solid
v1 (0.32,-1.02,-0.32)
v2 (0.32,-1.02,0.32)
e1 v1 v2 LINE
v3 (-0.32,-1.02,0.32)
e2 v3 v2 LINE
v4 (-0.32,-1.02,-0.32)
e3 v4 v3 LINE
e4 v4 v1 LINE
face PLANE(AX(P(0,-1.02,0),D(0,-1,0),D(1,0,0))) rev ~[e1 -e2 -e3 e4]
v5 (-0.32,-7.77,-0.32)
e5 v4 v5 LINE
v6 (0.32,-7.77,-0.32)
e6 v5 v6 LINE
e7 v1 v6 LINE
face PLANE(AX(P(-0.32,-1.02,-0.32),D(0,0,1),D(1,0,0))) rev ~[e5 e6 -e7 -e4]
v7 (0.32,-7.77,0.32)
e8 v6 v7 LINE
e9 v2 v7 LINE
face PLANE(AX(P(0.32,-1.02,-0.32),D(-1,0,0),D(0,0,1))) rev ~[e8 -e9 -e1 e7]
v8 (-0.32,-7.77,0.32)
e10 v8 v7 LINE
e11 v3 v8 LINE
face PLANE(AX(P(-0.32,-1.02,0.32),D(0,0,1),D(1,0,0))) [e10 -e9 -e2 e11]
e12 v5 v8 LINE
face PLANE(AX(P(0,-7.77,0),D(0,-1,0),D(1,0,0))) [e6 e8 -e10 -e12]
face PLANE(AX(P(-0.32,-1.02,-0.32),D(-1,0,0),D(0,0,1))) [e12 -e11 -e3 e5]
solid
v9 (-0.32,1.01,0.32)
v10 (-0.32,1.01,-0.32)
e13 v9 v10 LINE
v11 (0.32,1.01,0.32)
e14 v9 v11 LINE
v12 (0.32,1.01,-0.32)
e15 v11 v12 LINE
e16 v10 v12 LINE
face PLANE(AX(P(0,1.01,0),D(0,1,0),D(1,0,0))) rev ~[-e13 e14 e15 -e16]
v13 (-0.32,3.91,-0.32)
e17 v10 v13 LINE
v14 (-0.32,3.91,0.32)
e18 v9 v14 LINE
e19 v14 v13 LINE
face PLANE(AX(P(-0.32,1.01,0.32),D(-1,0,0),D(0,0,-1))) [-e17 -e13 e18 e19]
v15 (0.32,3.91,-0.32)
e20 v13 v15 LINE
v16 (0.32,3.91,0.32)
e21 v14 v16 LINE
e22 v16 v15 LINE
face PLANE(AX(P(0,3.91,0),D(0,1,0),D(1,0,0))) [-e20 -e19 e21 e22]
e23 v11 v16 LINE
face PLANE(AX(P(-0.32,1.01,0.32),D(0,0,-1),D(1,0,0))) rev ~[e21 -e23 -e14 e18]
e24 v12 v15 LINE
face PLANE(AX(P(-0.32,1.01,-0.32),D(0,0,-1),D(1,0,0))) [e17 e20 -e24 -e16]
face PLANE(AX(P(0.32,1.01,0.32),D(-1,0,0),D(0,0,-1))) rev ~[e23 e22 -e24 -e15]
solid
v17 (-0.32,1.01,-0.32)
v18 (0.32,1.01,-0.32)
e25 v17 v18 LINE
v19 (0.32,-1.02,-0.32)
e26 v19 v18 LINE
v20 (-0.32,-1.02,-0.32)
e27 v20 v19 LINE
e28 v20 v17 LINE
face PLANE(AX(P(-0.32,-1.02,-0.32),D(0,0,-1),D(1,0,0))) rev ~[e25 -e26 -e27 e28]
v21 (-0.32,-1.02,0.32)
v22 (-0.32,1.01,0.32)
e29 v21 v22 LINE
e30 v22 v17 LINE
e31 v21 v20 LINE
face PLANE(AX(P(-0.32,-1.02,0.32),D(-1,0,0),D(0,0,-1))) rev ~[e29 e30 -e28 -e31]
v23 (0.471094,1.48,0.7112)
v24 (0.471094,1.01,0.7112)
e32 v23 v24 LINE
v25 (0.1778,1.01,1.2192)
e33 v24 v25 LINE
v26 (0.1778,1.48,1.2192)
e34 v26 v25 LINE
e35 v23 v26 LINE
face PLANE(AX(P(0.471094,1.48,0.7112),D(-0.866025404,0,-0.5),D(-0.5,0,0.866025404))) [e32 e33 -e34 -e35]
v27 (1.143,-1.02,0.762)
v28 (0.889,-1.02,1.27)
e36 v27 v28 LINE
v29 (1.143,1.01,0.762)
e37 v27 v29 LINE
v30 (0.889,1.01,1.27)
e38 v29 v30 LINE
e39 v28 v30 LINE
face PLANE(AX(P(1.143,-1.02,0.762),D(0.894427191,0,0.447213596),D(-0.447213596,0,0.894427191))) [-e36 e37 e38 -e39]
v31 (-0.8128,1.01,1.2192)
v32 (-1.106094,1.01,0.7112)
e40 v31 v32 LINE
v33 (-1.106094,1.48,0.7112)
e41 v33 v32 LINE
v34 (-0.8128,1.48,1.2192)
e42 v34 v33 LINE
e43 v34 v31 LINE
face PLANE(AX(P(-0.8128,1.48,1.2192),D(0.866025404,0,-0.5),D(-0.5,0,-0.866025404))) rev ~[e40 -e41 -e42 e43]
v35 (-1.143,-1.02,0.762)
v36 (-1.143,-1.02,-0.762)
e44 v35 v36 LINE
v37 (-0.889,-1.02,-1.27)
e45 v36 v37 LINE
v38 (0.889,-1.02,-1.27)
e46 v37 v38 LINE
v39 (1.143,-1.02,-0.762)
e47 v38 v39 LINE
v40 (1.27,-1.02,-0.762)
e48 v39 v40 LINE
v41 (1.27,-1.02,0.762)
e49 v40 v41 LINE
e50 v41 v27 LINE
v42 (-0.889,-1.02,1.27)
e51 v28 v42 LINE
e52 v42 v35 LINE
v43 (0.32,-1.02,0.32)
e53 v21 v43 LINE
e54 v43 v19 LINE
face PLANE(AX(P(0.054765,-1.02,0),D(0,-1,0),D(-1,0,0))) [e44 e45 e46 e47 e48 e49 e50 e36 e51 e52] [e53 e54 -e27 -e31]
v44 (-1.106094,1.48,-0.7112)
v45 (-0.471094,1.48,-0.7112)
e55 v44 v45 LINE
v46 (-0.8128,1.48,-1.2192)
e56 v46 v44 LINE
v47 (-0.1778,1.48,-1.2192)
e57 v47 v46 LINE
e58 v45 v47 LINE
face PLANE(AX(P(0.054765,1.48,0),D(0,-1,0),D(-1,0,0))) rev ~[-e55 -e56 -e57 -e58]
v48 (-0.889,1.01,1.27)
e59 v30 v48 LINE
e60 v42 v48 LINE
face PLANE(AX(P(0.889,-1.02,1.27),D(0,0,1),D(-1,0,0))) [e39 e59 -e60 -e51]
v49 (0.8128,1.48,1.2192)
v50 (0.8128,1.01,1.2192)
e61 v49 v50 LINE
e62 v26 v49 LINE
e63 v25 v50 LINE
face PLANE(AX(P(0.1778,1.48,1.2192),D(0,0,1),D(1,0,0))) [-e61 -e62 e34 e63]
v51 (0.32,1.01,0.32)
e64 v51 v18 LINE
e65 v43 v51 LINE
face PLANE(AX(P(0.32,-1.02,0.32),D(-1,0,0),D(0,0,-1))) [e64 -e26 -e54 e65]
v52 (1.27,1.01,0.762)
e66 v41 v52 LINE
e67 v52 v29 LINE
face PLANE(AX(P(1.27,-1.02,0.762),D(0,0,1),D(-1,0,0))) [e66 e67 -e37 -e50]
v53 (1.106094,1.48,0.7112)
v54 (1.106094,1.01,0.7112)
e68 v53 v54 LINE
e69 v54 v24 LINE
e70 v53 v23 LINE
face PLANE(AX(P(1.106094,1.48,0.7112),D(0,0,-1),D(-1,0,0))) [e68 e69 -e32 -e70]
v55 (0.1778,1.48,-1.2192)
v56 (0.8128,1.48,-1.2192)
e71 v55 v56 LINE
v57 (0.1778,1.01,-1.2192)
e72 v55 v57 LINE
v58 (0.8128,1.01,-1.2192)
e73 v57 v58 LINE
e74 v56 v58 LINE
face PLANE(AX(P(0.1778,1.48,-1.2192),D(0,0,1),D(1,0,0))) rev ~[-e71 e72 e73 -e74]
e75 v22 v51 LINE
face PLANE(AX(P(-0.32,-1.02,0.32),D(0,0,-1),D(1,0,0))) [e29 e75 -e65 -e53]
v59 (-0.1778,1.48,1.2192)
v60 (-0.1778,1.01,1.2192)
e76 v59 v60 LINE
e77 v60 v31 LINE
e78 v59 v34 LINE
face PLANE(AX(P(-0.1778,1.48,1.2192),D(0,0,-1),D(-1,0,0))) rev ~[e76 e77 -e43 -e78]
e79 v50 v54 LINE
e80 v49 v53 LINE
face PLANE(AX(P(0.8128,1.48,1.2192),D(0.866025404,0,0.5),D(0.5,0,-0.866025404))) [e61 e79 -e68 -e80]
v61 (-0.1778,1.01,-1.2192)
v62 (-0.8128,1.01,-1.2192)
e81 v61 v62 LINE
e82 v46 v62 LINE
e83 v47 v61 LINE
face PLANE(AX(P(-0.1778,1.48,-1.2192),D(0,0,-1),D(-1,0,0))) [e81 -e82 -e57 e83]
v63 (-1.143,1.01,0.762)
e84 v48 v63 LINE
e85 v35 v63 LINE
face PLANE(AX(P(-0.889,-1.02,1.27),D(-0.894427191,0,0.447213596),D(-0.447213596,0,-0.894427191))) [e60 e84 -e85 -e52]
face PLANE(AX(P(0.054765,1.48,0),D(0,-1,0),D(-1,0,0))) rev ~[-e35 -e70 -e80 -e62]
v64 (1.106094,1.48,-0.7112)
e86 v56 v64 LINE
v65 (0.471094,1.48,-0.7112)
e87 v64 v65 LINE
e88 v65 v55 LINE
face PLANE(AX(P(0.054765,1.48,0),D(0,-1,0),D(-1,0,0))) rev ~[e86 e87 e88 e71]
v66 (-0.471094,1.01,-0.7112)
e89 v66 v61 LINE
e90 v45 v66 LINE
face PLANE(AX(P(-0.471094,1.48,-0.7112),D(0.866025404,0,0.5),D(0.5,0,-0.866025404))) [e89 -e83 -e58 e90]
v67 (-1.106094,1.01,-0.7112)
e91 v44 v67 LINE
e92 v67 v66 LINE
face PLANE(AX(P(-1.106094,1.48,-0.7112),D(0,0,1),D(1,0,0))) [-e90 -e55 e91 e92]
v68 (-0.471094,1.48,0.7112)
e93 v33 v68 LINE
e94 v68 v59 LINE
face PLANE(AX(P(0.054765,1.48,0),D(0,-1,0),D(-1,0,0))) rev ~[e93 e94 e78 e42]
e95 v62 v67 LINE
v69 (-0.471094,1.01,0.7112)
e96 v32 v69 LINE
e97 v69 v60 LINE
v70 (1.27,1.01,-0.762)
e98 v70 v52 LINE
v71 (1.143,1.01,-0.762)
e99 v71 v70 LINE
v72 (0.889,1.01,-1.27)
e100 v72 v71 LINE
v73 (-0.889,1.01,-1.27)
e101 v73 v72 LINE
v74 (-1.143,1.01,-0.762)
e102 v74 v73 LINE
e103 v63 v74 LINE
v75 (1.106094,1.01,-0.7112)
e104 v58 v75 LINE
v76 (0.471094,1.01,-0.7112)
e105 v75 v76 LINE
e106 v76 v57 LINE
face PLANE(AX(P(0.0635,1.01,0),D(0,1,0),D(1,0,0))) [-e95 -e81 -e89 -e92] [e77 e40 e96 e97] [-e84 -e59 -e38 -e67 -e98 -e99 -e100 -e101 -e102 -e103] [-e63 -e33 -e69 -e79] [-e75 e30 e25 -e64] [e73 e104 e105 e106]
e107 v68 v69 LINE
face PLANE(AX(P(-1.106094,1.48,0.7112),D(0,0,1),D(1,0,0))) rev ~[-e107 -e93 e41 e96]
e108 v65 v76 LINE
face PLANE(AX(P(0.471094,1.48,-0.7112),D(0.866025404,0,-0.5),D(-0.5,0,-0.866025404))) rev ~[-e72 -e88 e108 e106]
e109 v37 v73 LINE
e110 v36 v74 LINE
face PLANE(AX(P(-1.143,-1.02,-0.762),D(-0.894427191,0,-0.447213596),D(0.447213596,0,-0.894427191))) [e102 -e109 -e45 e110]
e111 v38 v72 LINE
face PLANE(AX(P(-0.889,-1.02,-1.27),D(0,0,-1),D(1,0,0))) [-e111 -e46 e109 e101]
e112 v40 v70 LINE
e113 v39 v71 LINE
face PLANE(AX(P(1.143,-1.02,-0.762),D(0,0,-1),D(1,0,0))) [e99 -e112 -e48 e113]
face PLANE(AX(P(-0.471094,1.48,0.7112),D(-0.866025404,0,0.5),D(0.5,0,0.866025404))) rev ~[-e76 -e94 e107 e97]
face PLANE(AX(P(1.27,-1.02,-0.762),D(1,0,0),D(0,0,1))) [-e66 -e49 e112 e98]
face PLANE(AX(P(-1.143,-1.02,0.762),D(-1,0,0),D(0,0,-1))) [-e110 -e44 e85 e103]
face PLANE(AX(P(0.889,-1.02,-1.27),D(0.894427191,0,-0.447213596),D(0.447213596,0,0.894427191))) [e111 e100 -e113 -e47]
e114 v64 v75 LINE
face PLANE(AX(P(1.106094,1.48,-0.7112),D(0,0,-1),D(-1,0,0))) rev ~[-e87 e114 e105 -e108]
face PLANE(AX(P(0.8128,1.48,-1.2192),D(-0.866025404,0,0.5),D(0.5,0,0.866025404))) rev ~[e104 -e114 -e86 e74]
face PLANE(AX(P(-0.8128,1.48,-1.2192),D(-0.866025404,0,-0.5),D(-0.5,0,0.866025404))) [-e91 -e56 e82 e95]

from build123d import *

# Parameters (mm, degrees)
BOSS_EXTRUDE1_DEPTH      = 1.48
BOSS_EXTRUDE1_DEPTH_BACK = 1.02
SKETCH1_W                = 0.64
SKETCH1_H                = 0.64
SKETCH2_OUTSIDE_W        = 5.273
SKETCH2_OUTSIDE_H        = 5.4
CUT_EXTRUDE2_DEPTH       = 0.47
SKETCH3_W                = 0.64
SKETCH3_H                = 0.64
BOSS_EXTRUDE2_DEPTH      = 2.9
SKETCH4_W                = 0.64
SKETCH4_H                = 0.64
BOSS_EXTRUDE3_DEPTH      = 6.75


with BuildPart() as part:
    # Sketch1 → Boss-Extrude1 (new, two sides: drawn at the far end of the back side and taken through both)
    with BuildSketch(Plane(origin=(0, 0, 0), x_dir=(1, 0, 0), z_dir=(0, 1, 0)).offset(-BOSS_EXTRUDE1_DEPTH_BACK)):
        Polygon((-1.143, 0.762), (-0.889, 1.27), (0.889, 1.27), (1.143, 0.762), (1.27, 0.762), (1.27, -0.762), (1.143, -0.762), (0.889, -1.27), (-0.889, -1.27), (-1.143, -0.762), align=None)
        Rectangle(SKETCH1_W, SKETCH1_H, mode=Mode.SUBTRACT)
    extrude(amount=BOSS_EXTRUDE1_DEPTH + BOSS_EXTRUDE1_DEPTH_BACK)

    # Sketch2 outside → Cut-Extrude2 (cut)
    with BuildSketch(Plane(origin=(0, 1.48, 0), x_dir=(1, 0, 0), z_dir=(0, 1, 0))):
        with Locations((0.0635, 0)):
            Rectangle(SKETCH2_OUTSIDE_W, SKETCH2_OUTSIDE_H)
        Polygon((-1.106093937, -0.7112), (-0.471093937, -0.7112), (-0.1778, -1.2192), (-0.8128, -1.2192), align=None, mode=Mode.SUBTRACT)
        Polygon((-0.8128, 1.2192), (-1.106093937, 0.7112), (-0.471093937, 0.7112), (-0.1778, 1.2192), align=None, mode=Mode.SUBTRACT)
        Polygon((1.106093937, 0.7112), (0.471093937, 0.7112), (0.1778, 1.2192), (0.8128, 1.2192), align=None, mode=Mode.SUBTRACT)
        Polygon((0.8128, -1.2192), (1.106093937, -0.7112), (0.471093937, -0.7112), (0.1778, -1.2192), align=None, mode=Mode.SUBTRACT)
    extrude(amount=-CUT_EXTRUDE2_DEPTH, mode=Mode.SUBTRACT)


with BuildPart() as body_2:
    # Sketch3 → Boss-Extrude2 (new body)
    with BuildSketch(Plane(origin=(0, 1.01, 0), x_dir=(1, 0, 0), z_dir=(0, 1, 0))):
        Rectangle(SKETCH3_W, SKETCH3_H)
    extrude(amount=BOSS_EXTRUDE2_DEPTH)


with BuildPart() as body_3:
    # Sketch4 → Boss-Extrude3 (new body)
    with BuildSketch(Plane.XZ.offset(1.02)):
        Rectangle(SKETCH4_W, SKETCH4_H)
    extrude(amount=BOSS_EXTRUDE3_DEPTH)


solid = Compound([part.part, body_2.part, body_3.part])
